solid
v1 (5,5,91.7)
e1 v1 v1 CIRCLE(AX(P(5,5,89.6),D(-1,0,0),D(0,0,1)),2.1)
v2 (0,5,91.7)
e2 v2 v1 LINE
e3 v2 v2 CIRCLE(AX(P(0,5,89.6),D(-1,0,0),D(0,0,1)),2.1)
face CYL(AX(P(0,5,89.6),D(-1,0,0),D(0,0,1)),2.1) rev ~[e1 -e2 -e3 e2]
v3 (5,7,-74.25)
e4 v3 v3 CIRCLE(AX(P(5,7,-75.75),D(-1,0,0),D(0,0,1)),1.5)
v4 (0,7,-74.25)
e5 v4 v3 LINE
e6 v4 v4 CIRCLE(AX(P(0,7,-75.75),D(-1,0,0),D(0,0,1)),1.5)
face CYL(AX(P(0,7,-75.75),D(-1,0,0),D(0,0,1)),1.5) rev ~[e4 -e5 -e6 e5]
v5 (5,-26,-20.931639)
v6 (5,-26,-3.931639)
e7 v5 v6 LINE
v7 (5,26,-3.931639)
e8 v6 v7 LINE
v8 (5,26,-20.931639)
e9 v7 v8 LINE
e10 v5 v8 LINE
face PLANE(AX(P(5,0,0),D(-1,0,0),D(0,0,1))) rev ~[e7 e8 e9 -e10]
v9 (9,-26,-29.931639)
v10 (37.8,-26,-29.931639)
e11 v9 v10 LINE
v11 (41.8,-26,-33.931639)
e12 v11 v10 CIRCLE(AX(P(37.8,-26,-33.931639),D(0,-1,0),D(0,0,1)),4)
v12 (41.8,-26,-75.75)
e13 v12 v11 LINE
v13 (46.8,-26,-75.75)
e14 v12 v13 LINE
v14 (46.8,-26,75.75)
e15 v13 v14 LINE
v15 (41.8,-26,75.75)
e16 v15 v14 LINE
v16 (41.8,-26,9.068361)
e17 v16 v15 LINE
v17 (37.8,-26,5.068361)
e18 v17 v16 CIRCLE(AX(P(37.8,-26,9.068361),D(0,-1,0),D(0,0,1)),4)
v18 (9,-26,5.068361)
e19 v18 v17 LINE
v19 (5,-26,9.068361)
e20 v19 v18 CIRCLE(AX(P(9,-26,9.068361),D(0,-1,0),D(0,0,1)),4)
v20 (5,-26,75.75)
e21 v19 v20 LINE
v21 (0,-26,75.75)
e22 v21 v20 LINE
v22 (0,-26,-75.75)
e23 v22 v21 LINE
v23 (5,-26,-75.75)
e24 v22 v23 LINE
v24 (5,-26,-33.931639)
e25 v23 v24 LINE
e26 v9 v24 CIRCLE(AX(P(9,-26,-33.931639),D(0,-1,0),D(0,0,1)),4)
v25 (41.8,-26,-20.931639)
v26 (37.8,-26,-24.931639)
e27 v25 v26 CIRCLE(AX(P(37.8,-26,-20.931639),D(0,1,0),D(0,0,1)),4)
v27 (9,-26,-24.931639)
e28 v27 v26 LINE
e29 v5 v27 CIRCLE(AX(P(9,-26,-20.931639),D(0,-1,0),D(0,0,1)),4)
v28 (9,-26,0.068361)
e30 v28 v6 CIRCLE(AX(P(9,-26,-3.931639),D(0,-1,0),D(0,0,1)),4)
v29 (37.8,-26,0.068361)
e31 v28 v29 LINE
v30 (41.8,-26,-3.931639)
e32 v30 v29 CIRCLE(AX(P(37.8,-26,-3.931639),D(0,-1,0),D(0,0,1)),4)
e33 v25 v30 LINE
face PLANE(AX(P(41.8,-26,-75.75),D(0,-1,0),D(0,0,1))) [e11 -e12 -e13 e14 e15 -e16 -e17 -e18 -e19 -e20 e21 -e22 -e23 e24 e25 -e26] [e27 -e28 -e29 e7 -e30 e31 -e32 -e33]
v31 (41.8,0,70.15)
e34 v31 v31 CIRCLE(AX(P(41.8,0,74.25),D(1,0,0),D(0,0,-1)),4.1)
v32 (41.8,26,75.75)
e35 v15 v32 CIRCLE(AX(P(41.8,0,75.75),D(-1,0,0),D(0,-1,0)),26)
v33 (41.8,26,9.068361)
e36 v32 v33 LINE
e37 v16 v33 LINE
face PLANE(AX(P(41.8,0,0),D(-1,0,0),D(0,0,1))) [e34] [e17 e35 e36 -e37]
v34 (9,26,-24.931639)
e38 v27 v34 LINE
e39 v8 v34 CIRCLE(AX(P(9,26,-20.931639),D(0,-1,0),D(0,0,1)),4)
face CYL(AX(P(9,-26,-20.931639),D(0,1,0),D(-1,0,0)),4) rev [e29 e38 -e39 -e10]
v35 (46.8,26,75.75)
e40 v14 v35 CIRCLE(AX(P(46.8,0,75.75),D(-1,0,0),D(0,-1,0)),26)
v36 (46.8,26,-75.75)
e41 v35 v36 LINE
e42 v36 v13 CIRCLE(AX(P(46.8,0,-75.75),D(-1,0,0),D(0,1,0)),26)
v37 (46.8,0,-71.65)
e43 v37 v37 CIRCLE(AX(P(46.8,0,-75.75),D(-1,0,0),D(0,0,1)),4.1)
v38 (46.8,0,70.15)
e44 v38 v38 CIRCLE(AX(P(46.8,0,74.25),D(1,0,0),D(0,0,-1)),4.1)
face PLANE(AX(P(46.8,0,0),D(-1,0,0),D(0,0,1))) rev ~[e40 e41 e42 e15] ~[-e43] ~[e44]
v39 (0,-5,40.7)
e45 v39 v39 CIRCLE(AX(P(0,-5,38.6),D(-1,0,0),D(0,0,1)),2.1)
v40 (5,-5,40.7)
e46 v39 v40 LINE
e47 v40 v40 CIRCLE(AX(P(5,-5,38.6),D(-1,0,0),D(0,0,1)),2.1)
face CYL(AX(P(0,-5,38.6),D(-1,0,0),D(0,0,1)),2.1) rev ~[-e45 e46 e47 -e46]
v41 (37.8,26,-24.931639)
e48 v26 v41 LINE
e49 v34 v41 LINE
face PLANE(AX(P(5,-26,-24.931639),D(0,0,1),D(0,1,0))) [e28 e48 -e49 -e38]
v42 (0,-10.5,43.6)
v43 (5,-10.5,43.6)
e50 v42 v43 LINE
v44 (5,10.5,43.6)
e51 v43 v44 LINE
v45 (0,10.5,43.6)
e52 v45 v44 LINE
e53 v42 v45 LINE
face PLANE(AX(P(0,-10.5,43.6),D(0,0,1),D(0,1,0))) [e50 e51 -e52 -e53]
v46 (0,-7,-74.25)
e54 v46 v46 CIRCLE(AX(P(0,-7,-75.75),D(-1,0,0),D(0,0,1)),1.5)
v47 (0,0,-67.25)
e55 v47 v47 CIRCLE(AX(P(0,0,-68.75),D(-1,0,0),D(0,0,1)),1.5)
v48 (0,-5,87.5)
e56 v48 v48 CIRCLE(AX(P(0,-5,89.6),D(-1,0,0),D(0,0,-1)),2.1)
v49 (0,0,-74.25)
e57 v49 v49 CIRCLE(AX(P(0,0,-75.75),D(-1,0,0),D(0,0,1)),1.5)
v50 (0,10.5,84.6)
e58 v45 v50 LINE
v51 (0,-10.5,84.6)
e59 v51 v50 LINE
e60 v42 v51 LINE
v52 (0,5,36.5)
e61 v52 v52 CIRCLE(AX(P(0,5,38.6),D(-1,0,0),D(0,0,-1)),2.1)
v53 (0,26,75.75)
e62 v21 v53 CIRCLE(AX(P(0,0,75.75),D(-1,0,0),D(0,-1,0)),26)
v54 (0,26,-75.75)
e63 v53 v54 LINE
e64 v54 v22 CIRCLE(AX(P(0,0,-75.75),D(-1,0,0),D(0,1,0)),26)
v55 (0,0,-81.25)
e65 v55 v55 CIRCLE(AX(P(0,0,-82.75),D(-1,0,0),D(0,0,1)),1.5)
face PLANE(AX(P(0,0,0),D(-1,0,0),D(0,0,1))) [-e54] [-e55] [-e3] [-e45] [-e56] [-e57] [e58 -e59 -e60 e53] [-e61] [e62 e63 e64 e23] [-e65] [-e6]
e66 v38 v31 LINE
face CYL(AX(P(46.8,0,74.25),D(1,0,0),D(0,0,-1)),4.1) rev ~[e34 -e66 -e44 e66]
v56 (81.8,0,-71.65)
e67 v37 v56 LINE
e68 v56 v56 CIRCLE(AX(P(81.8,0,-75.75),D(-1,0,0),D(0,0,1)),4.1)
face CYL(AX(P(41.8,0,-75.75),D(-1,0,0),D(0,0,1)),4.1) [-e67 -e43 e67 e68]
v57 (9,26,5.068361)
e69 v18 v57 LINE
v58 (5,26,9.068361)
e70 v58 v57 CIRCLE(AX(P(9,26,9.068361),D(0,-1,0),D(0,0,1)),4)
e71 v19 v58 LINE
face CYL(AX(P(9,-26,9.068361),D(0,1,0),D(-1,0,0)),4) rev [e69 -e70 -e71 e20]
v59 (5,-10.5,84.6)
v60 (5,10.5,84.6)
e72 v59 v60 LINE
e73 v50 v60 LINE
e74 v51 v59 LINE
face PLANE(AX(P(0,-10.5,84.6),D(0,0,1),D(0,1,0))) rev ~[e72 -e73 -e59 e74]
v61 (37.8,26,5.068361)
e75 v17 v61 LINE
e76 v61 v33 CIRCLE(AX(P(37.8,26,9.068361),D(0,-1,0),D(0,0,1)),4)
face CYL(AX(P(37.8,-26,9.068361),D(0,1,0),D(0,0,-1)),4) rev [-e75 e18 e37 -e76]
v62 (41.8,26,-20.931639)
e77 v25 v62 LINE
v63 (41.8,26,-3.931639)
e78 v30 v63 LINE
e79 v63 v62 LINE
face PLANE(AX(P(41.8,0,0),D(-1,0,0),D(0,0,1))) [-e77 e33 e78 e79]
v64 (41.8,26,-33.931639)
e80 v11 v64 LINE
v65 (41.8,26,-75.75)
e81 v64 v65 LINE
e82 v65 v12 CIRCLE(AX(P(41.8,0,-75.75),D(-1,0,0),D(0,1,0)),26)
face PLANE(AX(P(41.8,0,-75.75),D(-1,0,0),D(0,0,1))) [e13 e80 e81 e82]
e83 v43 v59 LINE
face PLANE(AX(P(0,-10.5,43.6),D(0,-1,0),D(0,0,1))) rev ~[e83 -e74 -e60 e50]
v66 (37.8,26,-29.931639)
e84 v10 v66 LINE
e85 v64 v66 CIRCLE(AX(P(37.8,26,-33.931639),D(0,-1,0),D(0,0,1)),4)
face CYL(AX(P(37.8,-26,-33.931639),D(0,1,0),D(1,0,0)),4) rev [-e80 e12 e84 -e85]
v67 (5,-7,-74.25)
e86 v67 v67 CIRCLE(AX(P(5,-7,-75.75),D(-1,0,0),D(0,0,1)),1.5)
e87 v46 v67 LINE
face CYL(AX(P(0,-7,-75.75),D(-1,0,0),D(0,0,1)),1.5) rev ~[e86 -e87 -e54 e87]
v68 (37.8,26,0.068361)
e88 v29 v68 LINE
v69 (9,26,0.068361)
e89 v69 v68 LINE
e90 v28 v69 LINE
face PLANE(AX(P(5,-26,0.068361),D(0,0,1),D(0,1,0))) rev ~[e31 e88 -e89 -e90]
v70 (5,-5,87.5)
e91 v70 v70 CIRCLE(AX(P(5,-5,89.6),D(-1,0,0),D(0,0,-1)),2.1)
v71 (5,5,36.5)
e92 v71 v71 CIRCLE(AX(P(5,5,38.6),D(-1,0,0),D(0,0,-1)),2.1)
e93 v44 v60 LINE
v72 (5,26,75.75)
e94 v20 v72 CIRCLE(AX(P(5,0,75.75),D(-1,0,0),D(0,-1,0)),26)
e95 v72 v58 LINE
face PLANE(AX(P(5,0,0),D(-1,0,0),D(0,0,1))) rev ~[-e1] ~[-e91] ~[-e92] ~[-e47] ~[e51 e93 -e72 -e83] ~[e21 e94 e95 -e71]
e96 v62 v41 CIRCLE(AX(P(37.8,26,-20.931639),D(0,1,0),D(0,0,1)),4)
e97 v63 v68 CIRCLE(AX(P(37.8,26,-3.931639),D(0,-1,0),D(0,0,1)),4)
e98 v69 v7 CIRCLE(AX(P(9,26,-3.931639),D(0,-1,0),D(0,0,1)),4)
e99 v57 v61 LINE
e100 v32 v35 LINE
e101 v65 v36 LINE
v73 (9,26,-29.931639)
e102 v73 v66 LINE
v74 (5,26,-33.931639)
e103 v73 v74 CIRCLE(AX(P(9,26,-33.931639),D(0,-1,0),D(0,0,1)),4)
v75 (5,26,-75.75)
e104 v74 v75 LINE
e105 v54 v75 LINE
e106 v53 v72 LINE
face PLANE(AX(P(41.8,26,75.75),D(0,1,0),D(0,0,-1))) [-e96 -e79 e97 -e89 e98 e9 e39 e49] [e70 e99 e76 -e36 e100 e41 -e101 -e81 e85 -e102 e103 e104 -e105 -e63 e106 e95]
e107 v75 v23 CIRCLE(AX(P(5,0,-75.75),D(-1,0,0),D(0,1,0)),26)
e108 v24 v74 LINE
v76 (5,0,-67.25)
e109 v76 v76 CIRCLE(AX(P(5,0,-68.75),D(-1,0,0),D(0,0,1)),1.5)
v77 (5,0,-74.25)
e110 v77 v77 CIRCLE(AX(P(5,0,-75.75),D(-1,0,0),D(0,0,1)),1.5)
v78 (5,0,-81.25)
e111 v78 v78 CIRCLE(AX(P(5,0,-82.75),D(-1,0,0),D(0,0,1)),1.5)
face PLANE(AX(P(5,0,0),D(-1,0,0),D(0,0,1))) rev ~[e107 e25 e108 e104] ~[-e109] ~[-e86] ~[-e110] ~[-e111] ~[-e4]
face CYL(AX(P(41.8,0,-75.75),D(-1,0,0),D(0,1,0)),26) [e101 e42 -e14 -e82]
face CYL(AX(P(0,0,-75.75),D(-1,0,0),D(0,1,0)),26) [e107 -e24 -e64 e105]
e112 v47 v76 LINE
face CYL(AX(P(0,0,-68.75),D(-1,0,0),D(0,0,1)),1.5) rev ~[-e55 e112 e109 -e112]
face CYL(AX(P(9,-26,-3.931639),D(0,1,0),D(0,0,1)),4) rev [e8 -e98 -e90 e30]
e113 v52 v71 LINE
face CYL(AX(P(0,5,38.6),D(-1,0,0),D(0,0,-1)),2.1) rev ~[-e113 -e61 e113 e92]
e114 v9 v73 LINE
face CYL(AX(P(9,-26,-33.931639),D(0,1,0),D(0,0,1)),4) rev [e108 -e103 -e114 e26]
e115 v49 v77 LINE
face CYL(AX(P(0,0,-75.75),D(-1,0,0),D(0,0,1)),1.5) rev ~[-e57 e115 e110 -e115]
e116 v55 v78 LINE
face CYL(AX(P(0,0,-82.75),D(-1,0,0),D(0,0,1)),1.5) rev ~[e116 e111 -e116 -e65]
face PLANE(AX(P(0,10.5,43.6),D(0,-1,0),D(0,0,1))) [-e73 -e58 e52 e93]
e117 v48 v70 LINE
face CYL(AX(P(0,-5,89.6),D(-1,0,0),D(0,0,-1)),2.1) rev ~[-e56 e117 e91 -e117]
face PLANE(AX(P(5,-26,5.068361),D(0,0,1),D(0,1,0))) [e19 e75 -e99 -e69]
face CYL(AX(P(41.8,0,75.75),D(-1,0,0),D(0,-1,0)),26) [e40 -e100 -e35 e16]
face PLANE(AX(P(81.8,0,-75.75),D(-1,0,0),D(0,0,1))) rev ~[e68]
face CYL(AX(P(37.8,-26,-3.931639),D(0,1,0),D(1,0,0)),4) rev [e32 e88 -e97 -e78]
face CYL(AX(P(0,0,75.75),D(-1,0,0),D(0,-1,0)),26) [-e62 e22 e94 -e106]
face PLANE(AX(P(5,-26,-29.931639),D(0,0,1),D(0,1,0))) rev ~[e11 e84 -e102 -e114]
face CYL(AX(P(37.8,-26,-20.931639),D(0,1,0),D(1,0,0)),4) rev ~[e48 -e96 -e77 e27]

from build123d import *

# Parameters (mm, degrees)
BOSS_EXTRUDE3_DEPTH = 5
SKETCH4_R           = 1.5
CUT_EXTRUDE1_DEPTH  = 70
SKETCH5_R           = 2.1
SKETCH5_W           = 41
SKETCH5_H           = 21
CUT_EXTRUDE2_DEPTH  = 10
SKETCH6_W           = 5
SKETCH6_H           = 52
BOSS_EXTRUDE4_DEPTH = 36.8
BOSS_EXTRUDE5_DEPTH = 5
SKETCH8_R           = 4.1
BOSS_EXTRUDE6_DEPTH = 40
SKETCH10_R          = 4.1
CUT_EXTRUDE5_DEPTH  = 25
FILLET2_R           = 4


with BuildPart() as part:
    # Sketch3 → Boss-Extrude3 (new body)
    with BuildSketch(Plane(origin=(0, 0, 0), x_dir=(0, 0, -1), z_dir=(1, 0, 0))):
        with BuildLine():
            Line((-75.75, 26), (75.75, 26))
            ThreePointArc((75.75, 26), (101.75, 0), (75.75, -26))
            Line((75.75, -26), (-75.75, -26))
            ThreePointArc((-75.75, -26), (-101.75, 0), (-75.75, 26))
        make_face()
    extrude(amount=BOSS_EXTRUDE3_DEPTH)

    # Sketch4 → Cut-Extrude1 (cut)
    with BuildSketch(Plane.ZY):
        with Locations((-75.75, 0)):
            Circle(SKETCH4_R)
        with Locations((-75.75, 7)):
            Circle(SKETCH4_R)
        with Locations((-68.75, 0)):
            Circle(SKETCH4_R)
        with Locations((-75.75, -7)):
            Circle(SKETCH4_R)
        with Locations((-82.75, 0)):
            Circle(SKETCH4_R)
    extrude(amount=-CUT_EXTRUDE1_DEPTH, mode=Mode.SUBTRACT)

    # Sketch5 → Cut-Extrude2 (cut)
    with BuildSketch(Plane.ZY):
        with Locations((89.6, 5)):
            Circle(SKETCH5_R)
        with Locations(Location((89.6, -5, 0), (0, 0, 180))):
            Circle(SKETCH5_R)
        with Locations((38.6, -5)):
            Circle(SKETCH5_R)
        with Locations(Location((38.6, 5, 0), (0, 0, 180))):
            Circle(SKETCH5_R)
        with Locations((64.1, 0)):
            Rectangle(SKETCH5_W, SKETCH5_H)
    extrude(amount=-CUT_EXTRUDE2_DEPTH, mode=Mode.SUBTRACT)

    # Sketch6 → Boss-Extrude4 (add)
    with BuildSketch(Plane(origin=(5, 0, 0), x_dir=(0, 0, -1), z_dir=(1, 0, 0))):
        with Locations((27.431638641, 0)):
            Rectangle(SKETCH6_W, SKETCH6_H)
        with Locations((-2.568361359, 0)):
            Rectangle(SKETCH6_W, SKETCH6_H)
    extrude(amount=BOSS_EXTRUDE4_DEPTH)

    # Sketch7 → Boss-Extrude5 (add)
    with BuildSketch(Plane(origin=(41.8, 0, 0), x_dir=(0, 0, -1), z_dir=(1, 0, 0))):
        with BuildLine():
            Line((-75.75, 26), (75.75, 26))
            ThreePointArc((75.75, 26), (101.75, 0), (75.75, -26))
            Line((75.75, -26), (-75.75, -26))
            ThreePointArc((-75.75, -26), (-101.75, 0), (-75.75, 26))
        make_face()
    extrude(amount=BOSS_EXTRUDE5_DEPTH)

    # Sketch8 → Boss-Extrude6 (add)
    with BuildSketch(Plane.ZY.offset(-41.8)):
        with Locations((-75.75, 0)):
            Circle(SKETCH8_R)
    extrude(amount=-BOSS_EXTRUDE6_DEPTH)

    # Sketch10 → Cut-Extrude5 (cut)
    with BuildSketch(Plane(origin=(46.8, 0, 0), x_dir=(0, 0, -1), z_dir=(1, 0, 0))):
        with Locations((-74.25, 0)):
            Circle(SKETCH10_R)
    extrude(amount=-CUT_EXTRUDE5_DEPTH, mode=Mode.SUBTRACT)

    # Fillet2
    fillet2_edges = [part.edges().sort_by_distance(p)[0] for p in [
        (41.8, 0, 5.068361359),
        (41.8, 0, 0.068361359),
        (5, 0, -29.931638641),
        (5, 0, -24.931638641),
        (41.8, 0, -29.931638641),
        (41.8, 0, -24.931638641),
        (5, 0, 5.068361359),
        (5, 0, 0.068361359),
    ]]
    fillet(fillet2_edges, radius=FILLET2_R)


solid = part.part
